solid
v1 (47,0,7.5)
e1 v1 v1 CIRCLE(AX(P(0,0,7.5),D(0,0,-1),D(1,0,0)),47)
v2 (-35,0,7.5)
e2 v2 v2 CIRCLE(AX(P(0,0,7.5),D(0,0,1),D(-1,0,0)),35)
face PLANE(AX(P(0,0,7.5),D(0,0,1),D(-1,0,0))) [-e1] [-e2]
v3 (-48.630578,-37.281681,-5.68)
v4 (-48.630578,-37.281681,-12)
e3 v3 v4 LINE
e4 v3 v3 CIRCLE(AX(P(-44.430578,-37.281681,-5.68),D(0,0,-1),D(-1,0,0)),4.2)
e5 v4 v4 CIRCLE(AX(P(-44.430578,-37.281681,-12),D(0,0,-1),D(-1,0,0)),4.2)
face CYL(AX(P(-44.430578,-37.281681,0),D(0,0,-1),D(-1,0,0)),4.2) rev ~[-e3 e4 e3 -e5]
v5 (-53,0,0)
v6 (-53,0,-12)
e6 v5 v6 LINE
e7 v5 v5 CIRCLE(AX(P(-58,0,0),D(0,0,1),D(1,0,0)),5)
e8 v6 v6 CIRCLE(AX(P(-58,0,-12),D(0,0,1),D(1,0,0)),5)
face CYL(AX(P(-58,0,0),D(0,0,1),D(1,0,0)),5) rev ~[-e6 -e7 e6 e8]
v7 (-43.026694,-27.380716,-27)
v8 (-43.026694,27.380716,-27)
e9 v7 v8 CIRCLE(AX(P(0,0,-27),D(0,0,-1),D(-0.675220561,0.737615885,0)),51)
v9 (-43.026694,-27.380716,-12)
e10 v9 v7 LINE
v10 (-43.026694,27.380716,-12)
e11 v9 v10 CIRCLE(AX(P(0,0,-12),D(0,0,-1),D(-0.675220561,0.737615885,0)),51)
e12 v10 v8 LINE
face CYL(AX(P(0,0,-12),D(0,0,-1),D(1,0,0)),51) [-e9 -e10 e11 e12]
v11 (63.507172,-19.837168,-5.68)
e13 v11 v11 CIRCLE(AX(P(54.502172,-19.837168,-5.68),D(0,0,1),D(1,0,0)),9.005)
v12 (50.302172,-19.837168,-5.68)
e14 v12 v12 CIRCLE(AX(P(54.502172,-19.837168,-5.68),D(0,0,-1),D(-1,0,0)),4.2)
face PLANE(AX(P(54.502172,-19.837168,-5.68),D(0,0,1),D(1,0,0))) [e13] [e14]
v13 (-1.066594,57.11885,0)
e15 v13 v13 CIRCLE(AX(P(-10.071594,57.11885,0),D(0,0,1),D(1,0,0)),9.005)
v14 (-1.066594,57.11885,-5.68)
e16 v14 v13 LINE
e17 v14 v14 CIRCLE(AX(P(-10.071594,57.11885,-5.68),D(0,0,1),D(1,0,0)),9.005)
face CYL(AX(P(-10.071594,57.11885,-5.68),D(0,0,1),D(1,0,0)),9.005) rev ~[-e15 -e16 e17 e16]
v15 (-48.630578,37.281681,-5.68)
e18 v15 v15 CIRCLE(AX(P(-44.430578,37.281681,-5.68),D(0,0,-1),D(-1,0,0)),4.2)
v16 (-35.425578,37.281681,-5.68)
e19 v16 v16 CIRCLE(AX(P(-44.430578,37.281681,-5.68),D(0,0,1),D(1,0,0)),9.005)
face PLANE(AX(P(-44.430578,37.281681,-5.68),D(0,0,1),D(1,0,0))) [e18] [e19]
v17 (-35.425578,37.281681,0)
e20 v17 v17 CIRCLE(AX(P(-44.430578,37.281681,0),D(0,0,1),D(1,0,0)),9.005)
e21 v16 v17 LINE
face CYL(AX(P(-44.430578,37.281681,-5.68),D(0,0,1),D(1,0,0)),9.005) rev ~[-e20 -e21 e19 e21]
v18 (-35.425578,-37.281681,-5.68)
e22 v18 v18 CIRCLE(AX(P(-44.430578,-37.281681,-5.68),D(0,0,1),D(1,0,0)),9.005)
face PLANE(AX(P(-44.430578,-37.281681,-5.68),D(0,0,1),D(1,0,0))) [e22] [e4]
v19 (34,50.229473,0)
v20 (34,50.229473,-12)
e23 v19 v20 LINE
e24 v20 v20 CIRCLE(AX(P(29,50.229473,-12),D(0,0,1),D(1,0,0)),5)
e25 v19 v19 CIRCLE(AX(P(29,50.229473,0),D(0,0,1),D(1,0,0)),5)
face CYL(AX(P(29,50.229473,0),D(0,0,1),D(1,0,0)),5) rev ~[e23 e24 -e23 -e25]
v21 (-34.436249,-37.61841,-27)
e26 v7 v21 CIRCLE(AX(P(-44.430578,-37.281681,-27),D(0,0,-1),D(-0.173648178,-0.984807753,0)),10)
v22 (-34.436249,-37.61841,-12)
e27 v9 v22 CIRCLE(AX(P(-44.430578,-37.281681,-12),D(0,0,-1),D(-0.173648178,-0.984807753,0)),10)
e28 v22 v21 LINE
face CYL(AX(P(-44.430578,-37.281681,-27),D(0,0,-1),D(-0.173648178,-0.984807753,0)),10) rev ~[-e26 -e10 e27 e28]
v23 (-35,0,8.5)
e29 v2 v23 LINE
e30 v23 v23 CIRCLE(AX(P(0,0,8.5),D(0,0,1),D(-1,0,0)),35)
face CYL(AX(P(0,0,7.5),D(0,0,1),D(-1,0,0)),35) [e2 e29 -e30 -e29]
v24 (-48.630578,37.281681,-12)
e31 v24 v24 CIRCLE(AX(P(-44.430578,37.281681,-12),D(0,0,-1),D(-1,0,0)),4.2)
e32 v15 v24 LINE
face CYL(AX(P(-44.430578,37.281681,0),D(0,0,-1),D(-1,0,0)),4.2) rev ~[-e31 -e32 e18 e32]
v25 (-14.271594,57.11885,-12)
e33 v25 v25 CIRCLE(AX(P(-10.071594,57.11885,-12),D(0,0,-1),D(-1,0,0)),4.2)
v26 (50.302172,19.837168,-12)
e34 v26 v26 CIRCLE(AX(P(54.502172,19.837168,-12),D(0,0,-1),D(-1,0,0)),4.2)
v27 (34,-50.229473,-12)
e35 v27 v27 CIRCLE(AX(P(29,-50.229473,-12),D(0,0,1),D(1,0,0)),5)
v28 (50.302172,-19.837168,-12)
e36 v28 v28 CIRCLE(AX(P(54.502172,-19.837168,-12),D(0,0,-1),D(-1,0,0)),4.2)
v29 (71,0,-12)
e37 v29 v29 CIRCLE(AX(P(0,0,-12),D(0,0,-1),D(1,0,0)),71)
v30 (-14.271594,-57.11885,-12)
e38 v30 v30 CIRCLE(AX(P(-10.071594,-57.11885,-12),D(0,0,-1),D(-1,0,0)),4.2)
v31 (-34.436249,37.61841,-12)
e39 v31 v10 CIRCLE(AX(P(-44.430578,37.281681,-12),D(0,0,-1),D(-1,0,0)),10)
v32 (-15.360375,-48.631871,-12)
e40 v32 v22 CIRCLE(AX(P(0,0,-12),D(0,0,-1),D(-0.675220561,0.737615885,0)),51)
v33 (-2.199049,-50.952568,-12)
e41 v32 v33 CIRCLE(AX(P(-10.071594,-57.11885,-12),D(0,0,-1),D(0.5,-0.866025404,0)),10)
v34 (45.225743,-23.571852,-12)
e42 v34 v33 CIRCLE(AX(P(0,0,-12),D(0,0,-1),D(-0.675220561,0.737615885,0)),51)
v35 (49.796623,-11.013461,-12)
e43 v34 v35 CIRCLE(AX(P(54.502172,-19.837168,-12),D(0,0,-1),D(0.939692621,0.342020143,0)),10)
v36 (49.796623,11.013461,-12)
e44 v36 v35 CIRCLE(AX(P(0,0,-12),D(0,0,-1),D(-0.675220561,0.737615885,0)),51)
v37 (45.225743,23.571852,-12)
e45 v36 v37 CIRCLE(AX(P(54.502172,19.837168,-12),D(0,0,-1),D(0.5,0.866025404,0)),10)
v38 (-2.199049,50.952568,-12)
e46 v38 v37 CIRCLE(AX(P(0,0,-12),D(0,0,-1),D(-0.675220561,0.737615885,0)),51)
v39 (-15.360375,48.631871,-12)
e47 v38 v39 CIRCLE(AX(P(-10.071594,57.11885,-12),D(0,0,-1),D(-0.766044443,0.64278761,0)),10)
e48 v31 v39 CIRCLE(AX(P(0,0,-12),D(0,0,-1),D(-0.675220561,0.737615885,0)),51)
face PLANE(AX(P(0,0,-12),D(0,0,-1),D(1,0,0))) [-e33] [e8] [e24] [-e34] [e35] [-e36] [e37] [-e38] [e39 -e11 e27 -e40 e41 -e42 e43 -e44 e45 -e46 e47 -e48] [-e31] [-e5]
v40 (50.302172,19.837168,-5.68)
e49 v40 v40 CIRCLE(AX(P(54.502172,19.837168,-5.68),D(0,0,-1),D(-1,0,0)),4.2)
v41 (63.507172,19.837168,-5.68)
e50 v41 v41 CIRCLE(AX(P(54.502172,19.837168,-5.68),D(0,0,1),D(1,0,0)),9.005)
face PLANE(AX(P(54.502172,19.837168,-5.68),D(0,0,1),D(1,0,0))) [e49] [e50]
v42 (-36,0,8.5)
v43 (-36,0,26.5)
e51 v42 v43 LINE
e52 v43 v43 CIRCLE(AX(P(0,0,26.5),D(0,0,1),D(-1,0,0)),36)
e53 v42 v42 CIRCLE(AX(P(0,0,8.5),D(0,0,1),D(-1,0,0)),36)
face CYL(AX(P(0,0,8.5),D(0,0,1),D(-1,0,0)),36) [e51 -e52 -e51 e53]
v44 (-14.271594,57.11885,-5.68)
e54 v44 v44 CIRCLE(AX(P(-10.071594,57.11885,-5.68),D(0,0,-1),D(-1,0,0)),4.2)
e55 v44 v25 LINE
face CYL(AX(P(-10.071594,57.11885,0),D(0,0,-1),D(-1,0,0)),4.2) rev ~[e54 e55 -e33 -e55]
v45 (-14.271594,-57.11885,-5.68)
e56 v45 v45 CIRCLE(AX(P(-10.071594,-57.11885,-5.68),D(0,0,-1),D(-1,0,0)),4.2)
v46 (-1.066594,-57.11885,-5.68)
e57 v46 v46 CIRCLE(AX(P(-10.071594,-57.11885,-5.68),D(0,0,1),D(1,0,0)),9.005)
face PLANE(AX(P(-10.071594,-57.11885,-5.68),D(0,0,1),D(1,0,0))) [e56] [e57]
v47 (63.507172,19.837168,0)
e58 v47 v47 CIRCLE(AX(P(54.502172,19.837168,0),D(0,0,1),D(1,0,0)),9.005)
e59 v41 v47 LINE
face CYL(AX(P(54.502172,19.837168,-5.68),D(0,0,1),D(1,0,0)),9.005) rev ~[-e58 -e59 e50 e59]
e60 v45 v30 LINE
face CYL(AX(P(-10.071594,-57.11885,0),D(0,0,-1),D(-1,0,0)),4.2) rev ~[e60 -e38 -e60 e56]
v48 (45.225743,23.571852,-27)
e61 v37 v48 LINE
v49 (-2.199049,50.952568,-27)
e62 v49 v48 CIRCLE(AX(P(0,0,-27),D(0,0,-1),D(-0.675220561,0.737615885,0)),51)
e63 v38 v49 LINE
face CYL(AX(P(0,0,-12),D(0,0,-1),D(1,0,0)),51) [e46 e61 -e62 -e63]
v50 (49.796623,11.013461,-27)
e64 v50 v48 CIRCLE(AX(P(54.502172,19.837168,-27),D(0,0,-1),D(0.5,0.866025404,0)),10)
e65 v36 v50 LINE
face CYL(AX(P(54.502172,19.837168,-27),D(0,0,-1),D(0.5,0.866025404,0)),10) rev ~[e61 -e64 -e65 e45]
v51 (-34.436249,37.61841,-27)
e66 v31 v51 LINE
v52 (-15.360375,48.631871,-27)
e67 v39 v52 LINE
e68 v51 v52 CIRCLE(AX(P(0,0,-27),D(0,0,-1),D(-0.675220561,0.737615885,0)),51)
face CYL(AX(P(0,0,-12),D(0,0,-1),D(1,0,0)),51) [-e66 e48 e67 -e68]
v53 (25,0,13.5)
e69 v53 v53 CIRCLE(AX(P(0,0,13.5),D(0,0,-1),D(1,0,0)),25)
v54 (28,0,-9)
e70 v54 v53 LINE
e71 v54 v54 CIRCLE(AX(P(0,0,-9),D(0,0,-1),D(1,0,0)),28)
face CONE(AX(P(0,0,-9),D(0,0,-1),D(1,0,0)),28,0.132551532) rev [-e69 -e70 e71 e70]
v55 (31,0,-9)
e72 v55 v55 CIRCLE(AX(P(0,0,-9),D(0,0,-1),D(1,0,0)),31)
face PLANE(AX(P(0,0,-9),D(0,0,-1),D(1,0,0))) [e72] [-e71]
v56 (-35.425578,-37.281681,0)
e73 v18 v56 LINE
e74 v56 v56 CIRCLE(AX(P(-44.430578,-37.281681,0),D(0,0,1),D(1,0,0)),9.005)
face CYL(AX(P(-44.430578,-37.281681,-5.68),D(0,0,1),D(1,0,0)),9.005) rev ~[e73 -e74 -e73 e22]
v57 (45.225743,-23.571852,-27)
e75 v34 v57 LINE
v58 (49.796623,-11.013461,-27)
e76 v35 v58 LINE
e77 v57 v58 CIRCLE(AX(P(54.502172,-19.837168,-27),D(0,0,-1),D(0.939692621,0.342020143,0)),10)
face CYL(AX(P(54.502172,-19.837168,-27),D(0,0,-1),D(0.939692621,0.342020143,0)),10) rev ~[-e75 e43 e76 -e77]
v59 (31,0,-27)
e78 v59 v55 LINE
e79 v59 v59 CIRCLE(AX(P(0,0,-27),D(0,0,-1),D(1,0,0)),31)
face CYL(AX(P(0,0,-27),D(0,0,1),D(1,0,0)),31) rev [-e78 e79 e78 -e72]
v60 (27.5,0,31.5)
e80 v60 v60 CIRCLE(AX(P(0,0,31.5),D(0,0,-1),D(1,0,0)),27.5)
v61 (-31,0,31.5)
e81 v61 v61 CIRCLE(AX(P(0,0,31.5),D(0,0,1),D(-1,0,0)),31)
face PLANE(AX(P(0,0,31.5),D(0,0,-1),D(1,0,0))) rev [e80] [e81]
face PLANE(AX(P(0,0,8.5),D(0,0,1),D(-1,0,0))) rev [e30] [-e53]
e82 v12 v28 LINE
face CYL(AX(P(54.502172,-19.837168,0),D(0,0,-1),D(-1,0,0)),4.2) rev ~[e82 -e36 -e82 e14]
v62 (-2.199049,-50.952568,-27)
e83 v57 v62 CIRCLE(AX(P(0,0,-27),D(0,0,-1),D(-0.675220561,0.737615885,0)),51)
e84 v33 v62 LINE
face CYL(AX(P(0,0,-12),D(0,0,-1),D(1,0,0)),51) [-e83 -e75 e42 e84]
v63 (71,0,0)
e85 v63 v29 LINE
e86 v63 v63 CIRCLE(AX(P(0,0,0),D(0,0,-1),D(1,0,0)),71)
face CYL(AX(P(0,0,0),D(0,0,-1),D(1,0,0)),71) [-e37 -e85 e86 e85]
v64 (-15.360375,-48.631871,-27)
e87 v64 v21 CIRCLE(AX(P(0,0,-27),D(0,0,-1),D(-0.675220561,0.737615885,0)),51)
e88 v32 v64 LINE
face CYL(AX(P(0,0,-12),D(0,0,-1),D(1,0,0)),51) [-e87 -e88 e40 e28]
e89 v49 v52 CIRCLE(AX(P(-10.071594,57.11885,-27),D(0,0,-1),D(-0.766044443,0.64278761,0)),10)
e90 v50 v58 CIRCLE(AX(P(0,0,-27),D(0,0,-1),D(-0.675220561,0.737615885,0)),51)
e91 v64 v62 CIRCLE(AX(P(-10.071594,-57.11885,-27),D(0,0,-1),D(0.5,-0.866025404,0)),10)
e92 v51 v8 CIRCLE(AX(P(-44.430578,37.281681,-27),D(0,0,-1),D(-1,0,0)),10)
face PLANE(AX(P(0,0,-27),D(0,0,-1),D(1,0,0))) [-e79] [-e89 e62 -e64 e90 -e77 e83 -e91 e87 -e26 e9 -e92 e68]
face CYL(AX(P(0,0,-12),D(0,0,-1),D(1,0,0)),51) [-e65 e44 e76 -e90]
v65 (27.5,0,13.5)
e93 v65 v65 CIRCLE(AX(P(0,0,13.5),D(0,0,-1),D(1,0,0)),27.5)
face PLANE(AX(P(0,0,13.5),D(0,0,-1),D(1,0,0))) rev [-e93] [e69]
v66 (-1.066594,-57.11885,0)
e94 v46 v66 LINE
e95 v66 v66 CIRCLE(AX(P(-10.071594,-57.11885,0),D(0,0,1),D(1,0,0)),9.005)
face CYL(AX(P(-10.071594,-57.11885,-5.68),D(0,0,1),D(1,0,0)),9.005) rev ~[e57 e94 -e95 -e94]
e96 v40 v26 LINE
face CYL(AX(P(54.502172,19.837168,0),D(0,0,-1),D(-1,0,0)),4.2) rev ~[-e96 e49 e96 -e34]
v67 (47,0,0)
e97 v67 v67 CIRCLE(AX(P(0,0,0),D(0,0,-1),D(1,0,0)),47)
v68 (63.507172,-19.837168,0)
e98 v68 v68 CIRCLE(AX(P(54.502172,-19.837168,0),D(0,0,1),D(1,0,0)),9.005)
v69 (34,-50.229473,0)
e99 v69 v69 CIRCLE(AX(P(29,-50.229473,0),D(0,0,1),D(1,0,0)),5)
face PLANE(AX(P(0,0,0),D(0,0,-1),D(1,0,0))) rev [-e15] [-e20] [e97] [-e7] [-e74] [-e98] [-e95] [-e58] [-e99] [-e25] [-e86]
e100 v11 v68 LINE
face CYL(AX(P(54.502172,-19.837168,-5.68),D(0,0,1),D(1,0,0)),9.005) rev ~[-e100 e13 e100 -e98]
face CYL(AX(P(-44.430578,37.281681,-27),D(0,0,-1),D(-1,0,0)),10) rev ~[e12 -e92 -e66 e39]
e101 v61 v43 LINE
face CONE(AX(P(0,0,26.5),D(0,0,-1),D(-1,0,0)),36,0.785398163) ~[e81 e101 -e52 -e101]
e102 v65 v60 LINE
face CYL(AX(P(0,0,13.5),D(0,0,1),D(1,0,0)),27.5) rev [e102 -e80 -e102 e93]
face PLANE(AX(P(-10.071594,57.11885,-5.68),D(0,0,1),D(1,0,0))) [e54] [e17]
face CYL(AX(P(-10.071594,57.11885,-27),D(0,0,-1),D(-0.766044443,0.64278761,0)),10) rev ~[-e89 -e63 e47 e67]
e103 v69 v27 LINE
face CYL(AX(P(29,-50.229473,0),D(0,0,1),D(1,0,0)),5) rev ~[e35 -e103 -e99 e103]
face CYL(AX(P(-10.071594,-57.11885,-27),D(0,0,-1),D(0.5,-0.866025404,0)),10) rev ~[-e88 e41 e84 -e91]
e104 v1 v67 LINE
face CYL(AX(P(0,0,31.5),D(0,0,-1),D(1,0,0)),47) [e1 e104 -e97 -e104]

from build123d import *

# Parameters (mm, degrees)
SKETCH4_R                               = 5
CUT_EXTRUDE1_DEPTH                      = 106.234262481
CBORE_FOR_M8_HEX_HEAD_BOLT1_D           = 8.4
CBORE_FOR_M8_HEX_HEAD_BOLT1_DEPTH       = 28.41
CBORE_FOR_M8_HEX_HEAD_BOLT1_CBORE_D     = 18.01
CBORE_FOR_M8_HEX_HEAD_BOLT1_CBORE_DEPTH = 5.68
CBORE_FOR_M8_HEX_HEAD_BOLT1_TIP         = 2.5236146
CHAMFER1_SIZE                           = 5
SKETCH8_R                               = 10
CUT_EXTRUDE2_DEPTH                      = 15
CIRPATTERN1_COUNT                       = 9


with BuildPart() as part:
    # Sketch2 → Revolve1 (revolve)
    with BuildSketch(Plane(origin=(0, 0, 0), x_dir=(1, 0, 0), z_dir=(0, 1, 0))):
        Polygon((49, 0), (71, 0), (71, 12), (51, 12), (51, 27), (31, 27), (31, 25), (31, 9), (28, 9), (25, -13.5), (27.5, -13.5), (27.5, -26.5), (27.5, -31.5), (47, -31.5), (47, -9.5), (47, -2), (47, 0), align=None)
    revolve(axis=Axis((0, 0, 21.110532956), (0, 0, -1)))

    # Sketch4 → Cut-Extrude1 (cut, through all)
    with BuildSketch(Plane.XY):
        with Locations((29, -50.229473419)):
            Circle(SKETCH4_R)
        with Locations((29, 50.22947342)):
            Circle(SKETCH4_R)
        with Locations((-58, 0)):
            Circle(SKETCH4_R)
    extrude(amount=-CUT_EXTRUDE1_DEPTH, mode=Mode.SUBTRACT)

    # CBORE for M8 Hex Head Bolt1
    with Locations(Plane.XY):
        with Locations((-10.071594305, 57.118849675), (-44.430577701, 37.281681362), (-44.430577701, -37.281681362), (-10.071594305, -57.118849675), (54.502172006, -19.837168313), (54.502172006, 19.837168313)):
            CounterBoreHole(CBORE_FOR_M8_HEX_HEAD_BOLT1_D / 2, CBORE_FOR_M8_HEX_HEAD_BOLT1_CBORE_D / 2, CBORE_FOR_M8_HEX_HEAD_BOLT1_CBORE_DEPTH, depth=CBORE_FOR_M8_HEX_HEAD_BOLT1_DEPTH)
            with Locations((0, 0, -(CBORE_FOR_M8_HEX_HEAD_BOLT1_DEPTH + CBORE_FOR_M8_HEX_HEAD_BOLT1_TIP / 2))):  # 118° drill point
                Cone(0, CBORE_FOR_M8_HEX_HEAD_BOLT1_D / 2, CBORE_FOR_M8_HEX_HEAD_BOLT1_TIP, mode=Mode.SUBTRACT)

    # Sketch7 → Cut-Revolve1 (revolve, cut)
    with BuildSketch(Plane(origin=(0, 0, 0), x_dir=(1, 0, 0), z_dir=(0, 1, 0)), mode=Mode.PRIVATE) as cut_revolve1_sk:
        Polygon((47, -9.5), (47, -7.5), (35, -7.5), (35, -8.5), (36, -8.5), (36, -31.5), (67.825, -31.5), (67.825, -9.5), align=None)
    revolve(cut_revolve1_sk.sketch.rotate(Axis((0, 0, 7.5), (0, 0, 1)), 180), axis=Axis((0, 0, 7.5), (0, 0, 1)), mode=Mode.SUBTRACT)

    # Chamfer1
    chamfer1_edges = [part.edges().sort_by_distance(p)[0] for p in [
        (36, 0, 31.5),
    ]]
    chamfer(chamfer1_edges, length=CHAMFER1_SIZE)

    # Sketch8 → Cut-Extrude2 (cut)
    with BuildSketch(Plane(origin=(0, 0, -27), x_dir=(-1, 0, 0), z_dir=(0, 0, -1))):
        with Locations((44.430577701, 37.281681362)):
            Circle(SKETCH8_R)
    cut_extrude2 = extrude(amount=-CUT_EXTRUDE2_DEPTH, mode=Mode.SUBTRACT)

    # CirPattern1: Cut-Extrude2 ×9 about axis, 3 skipped
    cirpattern1_axis = Axis((0, 0, -12), (0, 0, 1))
    add([cut_extrude2.rotate(cirpattern1_axis, i * 360 / CIRPATTERN1_COUNT) for i in range(1, CIRPATTERN1_COUNT) if i not in (1, 4, 7)], mode=Mode.SUBTRACT)


solid = part.part
